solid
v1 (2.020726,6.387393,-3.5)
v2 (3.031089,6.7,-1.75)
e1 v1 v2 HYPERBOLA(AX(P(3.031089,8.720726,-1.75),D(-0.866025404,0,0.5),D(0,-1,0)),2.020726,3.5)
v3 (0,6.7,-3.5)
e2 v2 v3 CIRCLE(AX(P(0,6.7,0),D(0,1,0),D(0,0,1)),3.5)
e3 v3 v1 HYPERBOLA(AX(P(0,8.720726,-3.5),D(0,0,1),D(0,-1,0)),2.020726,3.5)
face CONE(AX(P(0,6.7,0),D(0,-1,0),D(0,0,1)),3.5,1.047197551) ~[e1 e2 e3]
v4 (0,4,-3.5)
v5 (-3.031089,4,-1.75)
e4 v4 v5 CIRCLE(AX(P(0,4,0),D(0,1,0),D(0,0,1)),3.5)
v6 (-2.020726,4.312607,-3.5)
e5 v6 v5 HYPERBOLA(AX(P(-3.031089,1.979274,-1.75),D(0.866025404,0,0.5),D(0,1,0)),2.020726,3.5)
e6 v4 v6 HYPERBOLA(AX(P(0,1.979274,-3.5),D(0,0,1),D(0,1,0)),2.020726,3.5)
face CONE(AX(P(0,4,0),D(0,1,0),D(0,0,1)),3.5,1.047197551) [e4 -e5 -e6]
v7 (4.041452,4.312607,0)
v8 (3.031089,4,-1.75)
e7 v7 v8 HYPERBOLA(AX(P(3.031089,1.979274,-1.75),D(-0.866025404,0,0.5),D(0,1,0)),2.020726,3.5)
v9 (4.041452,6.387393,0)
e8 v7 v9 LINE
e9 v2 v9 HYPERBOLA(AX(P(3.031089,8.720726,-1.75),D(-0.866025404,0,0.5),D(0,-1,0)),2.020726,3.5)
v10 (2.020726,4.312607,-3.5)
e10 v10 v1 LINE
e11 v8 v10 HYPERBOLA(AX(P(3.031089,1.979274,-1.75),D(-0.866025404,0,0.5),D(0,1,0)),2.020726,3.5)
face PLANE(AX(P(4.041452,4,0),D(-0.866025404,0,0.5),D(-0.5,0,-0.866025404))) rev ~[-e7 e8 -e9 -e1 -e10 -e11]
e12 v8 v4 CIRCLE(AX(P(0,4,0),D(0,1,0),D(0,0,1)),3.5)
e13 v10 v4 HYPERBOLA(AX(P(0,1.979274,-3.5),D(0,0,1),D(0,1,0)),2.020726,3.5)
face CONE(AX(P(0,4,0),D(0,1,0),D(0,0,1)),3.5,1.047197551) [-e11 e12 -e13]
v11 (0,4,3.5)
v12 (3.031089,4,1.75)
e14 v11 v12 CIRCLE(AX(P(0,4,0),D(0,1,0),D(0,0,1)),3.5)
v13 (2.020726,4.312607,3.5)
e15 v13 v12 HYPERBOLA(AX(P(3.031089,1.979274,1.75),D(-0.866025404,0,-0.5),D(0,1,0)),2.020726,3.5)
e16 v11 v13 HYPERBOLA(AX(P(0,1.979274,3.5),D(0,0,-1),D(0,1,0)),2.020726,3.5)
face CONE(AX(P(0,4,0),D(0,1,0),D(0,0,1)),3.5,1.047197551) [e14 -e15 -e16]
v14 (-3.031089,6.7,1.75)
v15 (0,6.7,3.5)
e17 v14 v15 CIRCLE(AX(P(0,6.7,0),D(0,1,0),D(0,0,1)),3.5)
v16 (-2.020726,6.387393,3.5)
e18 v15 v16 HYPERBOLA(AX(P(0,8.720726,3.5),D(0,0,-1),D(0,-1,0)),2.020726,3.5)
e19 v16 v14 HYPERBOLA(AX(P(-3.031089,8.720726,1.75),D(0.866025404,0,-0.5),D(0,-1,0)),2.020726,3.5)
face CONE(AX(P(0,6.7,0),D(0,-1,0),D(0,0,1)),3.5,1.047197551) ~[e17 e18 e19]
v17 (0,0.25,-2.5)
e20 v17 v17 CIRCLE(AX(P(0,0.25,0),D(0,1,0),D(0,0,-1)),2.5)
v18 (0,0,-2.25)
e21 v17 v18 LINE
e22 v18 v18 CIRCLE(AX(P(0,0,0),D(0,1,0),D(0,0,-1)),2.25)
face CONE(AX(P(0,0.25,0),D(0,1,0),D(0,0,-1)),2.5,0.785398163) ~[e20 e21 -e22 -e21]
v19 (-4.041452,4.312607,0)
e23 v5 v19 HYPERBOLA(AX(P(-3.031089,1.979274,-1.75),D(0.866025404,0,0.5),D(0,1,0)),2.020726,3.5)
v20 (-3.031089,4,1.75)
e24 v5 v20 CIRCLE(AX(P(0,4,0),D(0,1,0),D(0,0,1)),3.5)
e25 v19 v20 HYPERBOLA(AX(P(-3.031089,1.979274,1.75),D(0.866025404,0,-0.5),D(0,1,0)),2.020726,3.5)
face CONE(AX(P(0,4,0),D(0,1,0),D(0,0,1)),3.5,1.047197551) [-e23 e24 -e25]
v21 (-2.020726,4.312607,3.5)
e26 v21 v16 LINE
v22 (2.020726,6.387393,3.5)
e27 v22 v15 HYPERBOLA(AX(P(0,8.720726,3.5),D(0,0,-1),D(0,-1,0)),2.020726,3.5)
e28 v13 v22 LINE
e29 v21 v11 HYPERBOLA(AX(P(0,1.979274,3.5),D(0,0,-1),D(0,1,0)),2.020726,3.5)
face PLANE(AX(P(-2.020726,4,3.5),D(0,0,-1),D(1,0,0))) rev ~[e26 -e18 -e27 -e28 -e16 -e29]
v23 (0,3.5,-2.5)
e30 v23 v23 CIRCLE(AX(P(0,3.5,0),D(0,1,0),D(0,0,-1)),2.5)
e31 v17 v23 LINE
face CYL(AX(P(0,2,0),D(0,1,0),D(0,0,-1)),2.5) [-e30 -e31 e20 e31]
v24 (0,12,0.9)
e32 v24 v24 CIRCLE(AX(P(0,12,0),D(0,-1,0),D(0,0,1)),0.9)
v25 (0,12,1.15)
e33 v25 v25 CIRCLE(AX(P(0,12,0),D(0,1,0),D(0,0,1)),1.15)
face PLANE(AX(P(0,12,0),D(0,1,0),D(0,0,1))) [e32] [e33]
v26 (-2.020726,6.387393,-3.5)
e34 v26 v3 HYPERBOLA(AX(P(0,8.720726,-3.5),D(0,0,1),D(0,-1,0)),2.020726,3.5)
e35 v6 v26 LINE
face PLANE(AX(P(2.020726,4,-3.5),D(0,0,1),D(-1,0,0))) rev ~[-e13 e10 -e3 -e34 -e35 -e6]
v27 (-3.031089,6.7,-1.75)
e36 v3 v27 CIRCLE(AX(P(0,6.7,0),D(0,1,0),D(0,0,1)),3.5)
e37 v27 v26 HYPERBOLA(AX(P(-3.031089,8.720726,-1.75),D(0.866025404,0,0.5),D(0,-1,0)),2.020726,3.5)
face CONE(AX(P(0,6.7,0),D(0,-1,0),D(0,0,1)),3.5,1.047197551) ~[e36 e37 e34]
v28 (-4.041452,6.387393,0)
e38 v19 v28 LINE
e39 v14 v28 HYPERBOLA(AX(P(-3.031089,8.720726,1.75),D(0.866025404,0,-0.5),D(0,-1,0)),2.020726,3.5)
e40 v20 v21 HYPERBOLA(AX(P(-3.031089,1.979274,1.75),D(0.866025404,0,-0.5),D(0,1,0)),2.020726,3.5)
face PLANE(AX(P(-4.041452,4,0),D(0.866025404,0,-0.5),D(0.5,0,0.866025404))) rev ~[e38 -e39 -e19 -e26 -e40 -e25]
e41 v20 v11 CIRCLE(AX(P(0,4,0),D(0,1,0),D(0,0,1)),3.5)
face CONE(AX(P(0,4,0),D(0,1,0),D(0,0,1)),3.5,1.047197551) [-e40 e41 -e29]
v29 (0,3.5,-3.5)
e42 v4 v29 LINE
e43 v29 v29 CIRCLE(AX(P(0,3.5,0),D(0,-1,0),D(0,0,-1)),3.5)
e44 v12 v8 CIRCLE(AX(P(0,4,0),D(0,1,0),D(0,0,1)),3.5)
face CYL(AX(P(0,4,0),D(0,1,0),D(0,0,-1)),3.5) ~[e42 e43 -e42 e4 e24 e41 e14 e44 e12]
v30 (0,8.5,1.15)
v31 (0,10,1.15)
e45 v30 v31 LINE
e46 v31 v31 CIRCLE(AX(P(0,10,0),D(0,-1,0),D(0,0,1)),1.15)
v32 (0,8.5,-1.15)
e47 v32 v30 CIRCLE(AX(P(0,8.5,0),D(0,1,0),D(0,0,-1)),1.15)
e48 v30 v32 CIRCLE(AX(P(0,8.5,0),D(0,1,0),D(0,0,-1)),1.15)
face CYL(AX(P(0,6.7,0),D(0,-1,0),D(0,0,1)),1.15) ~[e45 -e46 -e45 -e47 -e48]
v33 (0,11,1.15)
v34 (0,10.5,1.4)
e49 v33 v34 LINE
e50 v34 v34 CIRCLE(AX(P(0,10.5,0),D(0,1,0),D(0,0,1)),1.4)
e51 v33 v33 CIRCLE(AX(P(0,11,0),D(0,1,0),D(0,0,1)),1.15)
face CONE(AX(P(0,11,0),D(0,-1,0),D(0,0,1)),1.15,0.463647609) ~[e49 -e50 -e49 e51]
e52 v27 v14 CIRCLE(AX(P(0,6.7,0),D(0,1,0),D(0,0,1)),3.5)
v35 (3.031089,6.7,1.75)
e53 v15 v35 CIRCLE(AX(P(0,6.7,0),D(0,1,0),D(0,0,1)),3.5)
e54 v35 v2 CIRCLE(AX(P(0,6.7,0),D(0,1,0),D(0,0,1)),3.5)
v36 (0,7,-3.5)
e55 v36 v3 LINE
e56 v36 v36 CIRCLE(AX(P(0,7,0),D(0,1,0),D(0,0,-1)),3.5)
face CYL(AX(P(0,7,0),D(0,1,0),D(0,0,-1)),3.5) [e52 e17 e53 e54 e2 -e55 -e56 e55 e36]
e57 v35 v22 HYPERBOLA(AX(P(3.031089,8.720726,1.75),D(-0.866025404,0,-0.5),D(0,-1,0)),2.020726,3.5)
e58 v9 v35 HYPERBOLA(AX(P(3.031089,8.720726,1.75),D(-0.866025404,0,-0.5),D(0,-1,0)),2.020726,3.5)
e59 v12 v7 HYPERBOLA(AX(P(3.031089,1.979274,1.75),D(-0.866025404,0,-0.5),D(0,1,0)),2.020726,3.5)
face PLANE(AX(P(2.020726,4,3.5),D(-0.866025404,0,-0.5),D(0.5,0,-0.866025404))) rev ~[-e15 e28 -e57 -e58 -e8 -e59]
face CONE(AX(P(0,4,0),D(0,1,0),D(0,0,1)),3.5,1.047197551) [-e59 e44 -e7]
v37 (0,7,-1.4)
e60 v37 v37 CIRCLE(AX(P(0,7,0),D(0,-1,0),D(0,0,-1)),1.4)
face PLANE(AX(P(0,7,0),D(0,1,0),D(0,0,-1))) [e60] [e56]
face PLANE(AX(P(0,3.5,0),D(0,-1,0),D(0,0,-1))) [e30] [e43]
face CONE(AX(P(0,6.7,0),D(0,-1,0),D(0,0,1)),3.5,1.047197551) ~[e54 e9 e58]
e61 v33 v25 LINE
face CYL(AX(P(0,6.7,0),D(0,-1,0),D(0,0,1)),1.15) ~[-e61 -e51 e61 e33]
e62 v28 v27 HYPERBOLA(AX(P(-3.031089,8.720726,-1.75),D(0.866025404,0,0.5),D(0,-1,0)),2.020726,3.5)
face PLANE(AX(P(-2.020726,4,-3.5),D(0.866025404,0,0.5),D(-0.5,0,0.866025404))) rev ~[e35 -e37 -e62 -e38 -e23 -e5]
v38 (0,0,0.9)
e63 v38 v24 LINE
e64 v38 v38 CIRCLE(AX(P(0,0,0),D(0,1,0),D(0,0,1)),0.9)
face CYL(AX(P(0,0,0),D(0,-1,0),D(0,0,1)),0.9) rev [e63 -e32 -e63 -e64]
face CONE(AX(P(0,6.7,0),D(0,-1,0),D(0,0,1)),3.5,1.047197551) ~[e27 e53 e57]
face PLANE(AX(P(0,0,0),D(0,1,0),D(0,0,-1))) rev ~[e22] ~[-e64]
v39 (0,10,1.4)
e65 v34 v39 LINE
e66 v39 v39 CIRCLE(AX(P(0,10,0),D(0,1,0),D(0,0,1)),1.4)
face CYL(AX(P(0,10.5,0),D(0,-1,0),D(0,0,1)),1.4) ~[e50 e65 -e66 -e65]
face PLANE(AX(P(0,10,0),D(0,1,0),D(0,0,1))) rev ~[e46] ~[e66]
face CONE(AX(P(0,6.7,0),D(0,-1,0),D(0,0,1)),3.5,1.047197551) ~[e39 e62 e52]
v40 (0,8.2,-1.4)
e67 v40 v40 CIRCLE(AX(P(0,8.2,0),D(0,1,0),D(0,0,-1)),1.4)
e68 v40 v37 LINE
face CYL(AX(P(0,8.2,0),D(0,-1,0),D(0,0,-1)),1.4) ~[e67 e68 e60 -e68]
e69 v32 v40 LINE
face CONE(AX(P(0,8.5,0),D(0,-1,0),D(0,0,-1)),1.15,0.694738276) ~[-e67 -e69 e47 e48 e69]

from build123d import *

# Parameters (mm, degrees)
THREADS_SKETCH_W  = 2.5
THREADS_SKETCH_H  = 4
THREADS_CHAM_SIZE = 0.25
NUT_DEPTH         = 2.7
GASKET_SKETCH_R   = 3.5
GASKET_DEPTH      = 0.5
STEM_SKETCH_R     = 1.15
STEM_DEPTH        = 5.3
TOP_START         = 0.3
TOP_FLAT_SKETCH_R = 3.5
TOP_FLAT_DEPTH    = 0.3
PORT_SKETCH_R     = 0.9
PORT_DEPTH        = 14.137097599


with BuildPart() as part:
    # Threads_Sketch → Threads (revolve)
    with BuildSketch(Plane.XY, mode=Mode.PRIVATE) as threads_sk:
        with Locations((-1.25, 2)):
            Rectangle(THREADS_SKETCH_W, THREADS_SKETCH_H)
    revolve(threads_sk.sketch.rotate(Axis((0, 0, 0), (0, 1, 0)), 270), axis=Axis((0, 0, 0), (0, 1, 0)))

    # Threads Cham
    threads_cham_edges = [part.edges().sort_by_distance(p)[0] for p in [
        (0, 0, 2.5),
    ]]
    chamfer(threads_cham_edges, length=THREADS_CHAM_SIZE)

    # Nut_Sketch → Nut (add)
    with BuildSketch(Plane(origin=(0, 4, 0), x_dir=(-1, 0, 0), z_dir=(0, 1, 0))):
        Polygon((-4.041451884, 0), (-2.020725942, -3.5), (2.020725942, -3.5), (4.041451884, 0), (2.020725942, 3.5), (-2.020725942, 3.5), align=None)
    extrude(amount=NUT_DEPTH)

    # Nut Cham_Sketch → Nut Cham (revolve, cut)
    with BuildSketch(Plane.XY, mode=Mode.PRIVATE) as nut_cham_sk:
        Polygon((-4.041451884, 4.312607391), (-4.041451884, 4), (-3.5, 4), align=None)
        Polygon((-3.5, 6.7), (-4.041451884, 6.387392609), (-4.041451884, 6.7), align=None)
    revolve(nut_cham_sk.sketch.rotate(Axis((0, 0, 0), (0, 1, 0)), 90), axis=Axis((0, 0, 0), (0, 1, 0)), mode=Mode.SUBTRACT)

    # Gasket_Sketch → Gasket (add)
    with BuildSketch(Plane.XZ.offset(-4)):
        with Locations(Location((0, 0, 0), (0, 0, 270))):
            Circle(GASKET_SKETCH_R)
    extrude(amount=GASKET_DEPTH)

    # Stem_Sketch → Stem (add)
    with BuildSketch(Plane(origin=(0, 6.7, 0), x_dir=(-1, 0, 0), z_dir=(0, 1, 0))):
        with Locations(Location((0, 0, 0), (0, 0, 90))):
            Circle(STEM_SKETCH_R)
    extrude(amount=STEM_DEPTH)

    # Top Flat_Sketch → Top Flat (add)
    with BuildSketch(Plane(origin=(0, 6.7, 0), x_dir=(-1, 0, 0), z_dir=(0, 1, 0)).offset(TOP_START)):
        with Locations(Location((0, 0, 0), (0, 0, 270))):
            Circle(TOP_FLAT_SKETCH_R)
    extrude(amount=-TOP_FLAT_DEPTH)

    # Outside Barb_Sketch → Outside Barb (revolve)
    with BuildSketch(Plane.XY, mode=Mode.PRIVATE) as outside_barb_sk:
        Polygon((0, 11), (-1.15, 11), (-1.4, 10.5), (-1.4, 10), (0, 10), align=None)
    revolve(outside_barb_sk.sketch.rotate(Axis((0, 0, 0), (0, 1, 0)), 90), axis=Axis((0, 0, 0), (0, 1, 0)))

    # Inside Barb 2_Sketch → Inside Barb 2 (revolve)
    with BuildSketch(Plane.XY, mode=Mode.PRIVATE) as inside_barb_2_sk:
        Polygon((0, 8.5), (-1.15, 8.5), (-1.4, 8.2), (-1.4, 6.7), (0, 6.7), align=None)
    revolve(inside_barb_2_sk.sketch.rotate(Axis((0, 0, 0), (0, 1, 0)), 270), axis=Axis((0, 0, 0), (0, 1, 0)))

    # Port_Sketch → Port (cut, through all)
    with BuildSketch(Plane(origin=(0, 0, 0), x_dir=(1, 0, 0), z_dir=(0, 1, 0))):
        with Locations(Location((0, 0, 0), (0, 0, 270))):
            Circle(PORT_SKETCH_R)
    extrude(amount=PORT_DEPTH, mode=Mode.SUBTRACT)


solid = part.part
